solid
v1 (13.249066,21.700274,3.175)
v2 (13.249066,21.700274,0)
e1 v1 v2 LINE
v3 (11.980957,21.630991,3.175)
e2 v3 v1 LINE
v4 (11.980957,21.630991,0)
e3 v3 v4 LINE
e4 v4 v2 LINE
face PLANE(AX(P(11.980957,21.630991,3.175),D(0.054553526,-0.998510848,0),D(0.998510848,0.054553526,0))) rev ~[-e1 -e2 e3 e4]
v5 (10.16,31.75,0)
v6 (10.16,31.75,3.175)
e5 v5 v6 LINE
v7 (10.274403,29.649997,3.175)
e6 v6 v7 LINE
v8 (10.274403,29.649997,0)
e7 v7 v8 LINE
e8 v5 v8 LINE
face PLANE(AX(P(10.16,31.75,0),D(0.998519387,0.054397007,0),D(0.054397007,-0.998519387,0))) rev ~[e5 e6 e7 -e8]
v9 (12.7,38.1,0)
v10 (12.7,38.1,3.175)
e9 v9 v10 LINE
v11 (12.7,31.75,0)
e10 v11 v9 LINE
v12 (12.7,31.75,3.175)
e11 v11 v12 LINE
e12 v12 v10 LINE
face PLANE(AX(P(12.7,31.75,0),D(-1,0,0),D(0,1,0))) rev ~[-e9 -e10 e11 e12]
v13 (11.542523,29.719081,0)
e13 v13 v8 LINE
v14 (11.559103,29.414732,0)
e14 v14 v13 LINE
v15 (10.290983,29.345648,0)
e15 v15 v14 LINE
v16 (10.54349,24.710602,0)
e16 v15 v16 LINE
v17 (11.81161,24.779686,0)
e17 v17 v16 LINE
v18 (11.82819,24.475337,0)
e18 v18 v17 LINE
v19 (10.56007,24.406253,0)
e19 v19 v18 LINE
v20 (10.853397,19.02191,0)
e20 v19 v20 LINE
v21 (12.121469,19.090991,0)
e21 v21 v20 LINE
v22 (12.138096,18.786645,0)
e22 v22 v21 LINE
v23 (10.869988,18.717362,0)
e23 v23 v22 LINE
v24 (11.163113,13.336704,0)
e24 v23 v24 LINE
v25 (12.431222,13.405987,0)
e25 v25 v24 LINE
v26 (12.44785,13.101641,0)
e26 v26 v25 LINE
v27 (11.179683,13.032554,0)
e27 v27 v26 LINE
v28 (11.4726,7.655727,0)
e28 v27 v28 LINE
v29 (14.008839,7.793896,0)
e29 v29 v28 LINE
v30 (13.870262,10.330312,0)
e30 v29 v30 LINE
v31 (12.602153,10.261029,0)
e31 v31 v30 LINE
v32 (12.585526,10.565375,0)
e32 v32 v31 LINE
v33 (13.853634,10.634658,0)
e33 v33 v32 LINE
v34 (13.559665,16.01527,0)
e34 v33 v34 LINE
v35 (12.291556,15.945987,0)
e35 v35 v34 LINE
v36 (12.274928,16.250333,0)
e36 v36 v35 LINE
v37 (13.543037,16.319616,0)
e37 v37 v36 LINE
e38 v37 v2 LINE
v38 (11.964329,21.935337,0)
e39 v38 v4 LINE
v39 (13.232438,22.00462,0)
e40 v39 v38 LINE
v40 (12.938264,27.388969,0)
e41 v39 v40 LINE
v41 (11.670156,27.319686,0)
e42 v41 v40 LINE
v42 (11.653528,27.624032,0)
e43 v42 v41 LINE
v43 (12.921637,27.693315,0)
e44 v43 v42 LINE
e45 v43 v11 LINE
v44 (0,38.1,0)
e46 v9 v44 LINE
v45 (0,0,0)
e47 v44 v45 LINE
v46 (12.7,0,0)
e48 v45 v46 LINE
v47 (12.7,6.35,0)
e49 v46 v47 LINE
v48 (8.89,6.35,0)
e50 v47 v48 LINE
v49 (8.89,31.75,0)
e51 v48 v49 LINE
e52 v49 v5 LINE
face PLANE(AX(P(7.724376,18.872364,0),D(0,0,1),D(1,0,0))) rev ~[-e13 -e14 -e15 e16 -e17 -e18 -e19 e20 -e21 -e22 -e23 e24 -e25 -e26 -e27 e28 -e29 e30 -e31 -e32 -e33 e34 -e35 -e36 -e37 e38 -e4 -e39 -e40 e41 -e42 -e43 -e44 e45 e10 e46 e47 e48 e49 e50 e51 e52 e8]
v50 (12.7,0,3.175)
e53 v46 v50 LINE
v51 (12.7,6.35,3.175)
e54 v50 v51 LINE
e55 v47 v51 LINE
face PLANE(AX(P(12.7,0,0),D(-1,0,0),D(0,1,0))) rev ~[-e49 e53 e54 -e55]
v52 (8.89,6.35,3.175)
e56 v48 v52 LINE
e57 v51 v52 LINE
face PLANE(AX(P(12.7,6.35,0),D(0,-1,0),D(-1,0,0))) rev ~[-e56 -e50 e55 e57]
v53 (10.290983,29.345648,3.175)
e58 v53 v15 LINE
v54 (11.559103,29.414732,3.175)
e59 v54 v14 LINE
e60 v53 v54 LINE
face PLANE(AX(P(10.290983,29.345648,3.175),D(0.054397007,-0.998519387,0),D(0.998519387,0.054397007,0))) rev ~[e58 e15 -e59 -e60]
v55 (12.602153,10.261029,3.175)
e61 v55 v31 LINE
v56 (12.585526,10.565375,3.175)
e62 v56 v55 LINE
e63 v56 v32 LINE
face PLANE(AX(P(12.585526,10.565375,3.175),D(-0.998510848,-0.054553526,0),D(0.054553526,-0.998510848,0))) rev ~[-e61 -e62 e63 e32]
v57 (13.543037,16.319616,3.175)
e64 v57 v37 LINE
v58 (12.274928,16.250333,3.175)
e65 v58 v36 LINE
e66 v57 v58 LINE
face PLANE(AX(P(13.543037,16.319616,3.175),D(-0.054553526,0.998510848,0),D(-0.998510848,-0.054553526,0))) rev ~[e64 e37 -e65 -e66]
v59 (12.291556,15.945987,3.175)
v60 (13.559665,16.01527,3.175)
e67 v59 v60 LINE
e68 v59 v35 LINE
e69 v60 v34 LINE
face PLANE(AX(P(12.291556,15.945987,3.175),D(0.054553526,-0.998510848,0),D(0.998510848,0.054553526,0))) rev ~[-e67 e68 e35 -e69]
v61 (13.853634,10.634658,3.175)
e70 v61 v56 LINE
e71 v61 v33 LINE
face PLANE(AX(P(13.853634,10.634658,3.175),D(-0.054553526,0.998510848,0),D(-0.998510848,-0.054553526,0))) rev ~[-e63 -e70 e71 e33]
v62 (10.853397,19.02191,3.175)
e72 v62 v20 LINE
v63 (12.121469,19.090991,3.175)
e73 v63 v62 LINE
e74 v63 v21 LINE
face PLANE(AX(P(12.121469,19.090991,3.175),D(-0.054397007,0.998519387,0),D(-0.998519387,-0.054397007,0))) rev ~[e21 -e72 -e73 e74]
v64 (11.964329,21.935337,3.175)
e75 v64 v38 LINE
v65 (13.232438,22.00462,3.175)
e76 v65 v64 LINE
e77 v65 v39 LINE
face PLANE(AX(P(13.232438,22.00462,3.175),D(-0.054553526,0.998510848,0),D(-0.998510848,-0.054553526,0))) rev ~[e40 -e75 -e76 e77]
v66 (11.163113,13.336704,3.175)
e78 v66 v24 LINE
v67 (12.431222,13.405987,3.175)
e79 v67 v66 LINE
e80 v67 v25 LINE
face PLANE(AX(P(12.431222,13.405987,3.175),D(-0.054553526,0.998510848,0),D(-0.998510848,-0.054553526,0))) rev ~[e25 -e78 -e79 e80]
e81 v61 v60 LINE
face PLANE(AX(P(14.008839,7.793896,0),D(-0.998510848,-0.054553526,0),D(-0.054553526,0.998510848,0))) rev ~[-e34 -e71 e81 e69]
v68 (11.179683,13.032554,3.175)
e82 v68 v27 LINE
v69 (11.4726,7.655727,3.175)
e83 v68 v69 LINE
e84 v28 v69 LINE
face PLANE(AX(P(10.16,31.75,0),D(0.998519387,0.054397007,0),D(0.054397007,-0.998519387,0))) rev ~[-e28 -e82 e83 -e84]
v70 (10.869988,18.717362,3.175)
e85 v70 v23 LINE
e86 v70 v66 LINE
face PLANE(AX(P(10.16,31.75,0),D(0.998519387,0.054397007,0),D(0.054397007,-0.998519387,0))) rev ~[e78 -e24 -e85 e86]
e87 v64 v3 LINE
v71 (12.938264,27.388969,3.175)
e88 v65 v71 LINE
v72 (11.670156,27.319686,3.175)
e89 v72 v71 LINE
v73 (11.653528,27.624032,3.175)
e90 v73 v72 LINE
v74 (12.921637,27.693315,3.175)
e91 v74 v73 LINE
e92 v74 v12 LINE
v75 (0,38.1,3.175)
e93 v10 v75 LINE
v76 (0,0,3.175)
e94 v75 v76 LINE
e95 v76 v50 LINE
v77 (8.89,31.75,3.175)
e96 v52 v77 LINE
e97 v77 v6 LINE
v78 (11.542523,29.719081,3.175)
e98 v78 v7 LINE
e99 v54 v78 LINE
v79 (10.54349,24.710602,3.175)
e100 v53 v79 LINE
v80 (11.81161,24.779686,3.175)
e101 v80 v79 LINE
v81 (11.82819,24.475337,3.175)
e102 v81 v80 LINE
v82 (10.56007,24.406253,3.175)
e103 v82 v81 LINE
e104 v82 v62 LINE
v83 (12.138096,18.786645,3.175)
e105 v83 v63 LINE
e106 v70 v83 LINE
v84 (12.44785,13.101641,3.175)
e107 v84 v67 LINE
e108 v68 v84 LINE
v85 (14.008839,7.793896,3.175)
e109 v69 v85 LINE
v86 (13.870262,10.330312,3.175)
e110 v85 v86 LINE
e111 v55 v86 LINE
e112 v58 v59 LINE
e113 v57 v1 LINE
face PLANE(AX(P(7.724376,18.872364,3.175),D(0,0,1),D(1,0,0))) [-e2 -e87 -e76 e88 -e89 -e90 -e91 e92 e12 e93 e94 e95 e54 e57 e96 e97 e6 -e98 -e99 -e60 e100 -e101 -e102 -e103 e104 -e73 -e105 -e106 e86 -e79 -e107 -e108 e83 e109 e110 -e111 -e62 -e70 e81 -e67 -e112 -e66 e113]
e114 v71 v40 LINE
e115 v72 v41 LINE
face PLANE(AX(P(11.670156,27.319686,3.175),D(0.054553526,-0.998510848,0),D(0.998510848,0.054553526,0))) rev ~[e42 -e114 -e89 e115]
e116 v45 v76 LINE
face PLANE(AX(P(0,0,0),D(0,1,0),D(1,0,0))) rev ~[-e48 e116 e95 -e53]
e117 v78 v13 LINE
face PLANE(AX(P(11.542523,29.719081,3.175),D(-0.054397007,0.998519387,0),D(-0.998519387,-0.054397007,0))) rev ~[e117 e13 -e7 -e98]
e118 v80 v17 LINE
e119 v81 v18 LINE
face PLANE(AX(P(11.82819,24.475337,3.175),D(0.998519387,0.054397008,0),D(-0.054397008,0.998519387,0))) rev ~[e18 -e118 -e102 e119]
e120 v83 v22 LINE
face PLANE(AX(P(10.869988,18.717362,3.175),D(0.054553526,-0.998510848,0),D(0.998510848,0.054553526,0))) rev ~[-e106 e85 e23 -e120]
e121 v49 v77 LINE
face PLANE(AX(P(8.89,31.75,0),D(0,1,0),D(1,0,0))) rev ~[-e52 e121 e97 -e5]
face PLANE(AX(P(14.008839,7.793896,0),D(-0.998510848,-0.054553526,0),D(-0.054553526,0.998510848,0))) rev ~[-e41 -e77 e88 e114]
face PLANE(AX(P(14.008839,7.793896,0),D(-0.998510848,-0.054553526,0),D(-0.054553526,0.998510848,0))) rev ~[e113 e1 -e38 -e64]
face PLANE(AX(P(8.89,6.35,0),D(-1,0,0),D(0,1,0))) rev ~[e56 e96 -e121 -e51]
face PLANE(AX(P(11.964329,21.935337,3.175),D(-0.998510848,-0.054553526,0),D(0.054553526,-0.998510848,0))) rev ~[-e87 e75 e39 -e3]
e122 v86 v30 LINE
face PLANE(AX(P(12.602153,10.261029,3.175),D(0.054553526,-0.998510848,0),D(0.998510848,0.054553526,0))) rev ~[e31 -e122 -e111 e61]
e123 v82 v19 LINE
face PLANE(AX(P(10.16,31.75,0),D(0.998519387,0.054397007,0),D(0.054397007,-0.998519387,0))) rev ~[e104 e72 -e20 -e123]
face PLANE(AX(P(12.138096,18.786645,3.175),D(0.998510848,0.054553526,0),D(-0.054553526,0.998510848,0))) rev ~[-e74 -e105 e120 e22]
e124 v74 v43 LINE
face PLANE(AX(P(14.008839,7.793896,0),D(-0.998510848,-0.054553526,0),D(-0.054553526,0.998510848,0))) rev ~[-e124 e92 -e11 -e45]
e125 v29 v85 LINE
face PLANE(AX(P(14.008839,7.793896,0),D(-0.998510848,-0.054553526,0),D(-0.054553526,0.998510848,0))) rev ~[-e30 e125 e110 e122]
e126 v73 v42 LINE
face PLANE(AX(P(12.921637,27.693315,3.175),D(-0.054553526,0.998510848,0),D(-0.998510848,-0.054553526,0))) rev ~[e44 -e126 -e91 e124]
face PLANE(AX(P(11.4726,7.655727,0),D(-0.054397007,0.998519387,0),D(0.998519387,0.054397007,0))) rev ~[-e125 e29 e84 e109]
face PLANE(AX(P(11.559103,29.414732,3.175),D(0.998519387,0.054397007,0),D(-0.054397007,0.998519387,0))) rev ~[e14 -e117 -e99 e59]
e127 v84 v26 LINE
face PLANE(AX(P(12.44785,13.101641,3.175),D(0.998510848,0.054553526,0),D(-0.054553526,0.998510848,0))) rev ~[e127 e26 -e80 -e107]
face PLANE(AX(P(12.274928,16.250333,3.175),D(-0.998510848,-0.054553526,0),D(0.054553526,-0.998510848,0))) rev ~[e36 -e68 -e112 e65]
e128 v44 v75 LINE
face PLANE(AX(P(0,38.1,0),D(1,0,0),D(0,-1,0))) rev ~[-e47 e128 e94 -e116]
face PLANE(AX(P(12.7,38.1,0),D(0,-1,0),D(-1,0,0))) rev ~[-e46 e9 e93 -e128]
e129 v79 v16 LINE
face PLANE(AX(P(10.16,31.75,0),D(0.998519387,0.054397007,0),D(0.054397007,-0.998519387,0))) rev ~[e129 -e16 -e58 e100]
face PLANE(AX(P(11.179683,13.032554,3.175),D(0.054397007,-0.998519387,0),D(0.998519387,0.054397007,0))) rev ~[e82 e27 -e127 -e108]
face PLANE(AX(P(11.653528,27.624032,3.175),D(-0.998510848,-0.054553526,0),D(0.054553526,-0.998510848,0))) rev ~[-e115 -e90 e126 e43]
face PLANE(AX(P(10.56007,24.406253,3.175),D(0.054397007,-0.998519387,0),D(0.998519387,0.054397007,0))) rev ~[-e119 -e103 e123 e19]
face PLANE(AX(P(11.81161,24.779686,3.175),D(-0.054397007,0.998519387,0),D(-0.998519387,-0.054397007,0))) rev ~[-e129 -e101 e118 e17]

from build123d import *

# Parameters (mm, degrees)
F1_DEPTH = 3.175
F3_DEPTH = 3.176


with BuildPart() as f1:
    # F0 (on Top) → F1 (new body)
    with BuildSketch(Plane.XY):
        Polygon((0, 38.1), (0, 0), (12.7, 0), (12.7, 6.35), (10.16, 6.35), (8.89, 6.35), (8.89, 31.75), (10.16, 31.75), (11.4725997902, 7.6557271994), (14.0088390323, 7.7938955983), (12.7, 31.75), (12.7, 38.1), align=None)
    extrude(amount=F1_DEPTH)

    # F2 (on face) → F3 (cut, through all)
    with BuildSketch(Plane.XY.offset(3.175)):
        Polygon((12.6021534372, 10.2610289821), (13.8702622136, 10.3303119605), (13.8536342988, 10.6346580668), (12.5855255224, 10.5653750884), align=None)
        Polygon((11.1631134086, 13.3367042667), (11.1796827872, 13.0325543411), (12.4478500998, 13.1016411387), (12.431222185, 13.4059872451), align=None)
        Polygon((13.5596651672, 16.0152702235), (13.5430372523, 16.3196163298), (12.2749284759, 16.2503333514), (12.2915563907, 15.9459872451), align=None)
        Polygon((12.1214685819, 19.0909911518), (10.8533966835, 19.0219095522), (10.8699877202, 18.7173620671), (12.1380964967, 18.7866450455), align=None)
        Polygon((13.249065627, 21.7002741302), (13.2324377121, 22.0046202366), (11.9643289357, 21.9353372582), (11.9809568505, 21.6309911518), align=None)
        Polygon((11.8116096197, 24.7796859673), (10.5434899986, 24.7106017678), (10.5600702065, 24.4062530587), (11.8281898276, 24.4753372582), align=None)
        Polygon((11.6701556579, 27.3196859673), (12.9382644344, 27.3889689457), (12.9216365196, 27.693315052), (11.6535277431, 27.6240320736), align=None)
        Polygon((10.2744032886, 29.6499965832), (10.2909834965, 29.3456478741), (11.5591031175, 29.4147320736), (11.5425229097, 29.7190807827), align=None)
        Polygon((12.7241392034, 7.7239081478), (11.4725997902, 7.6557271994), (11.4725997902, 7.3504752393), (12.7407194113, 7.4195594387), align=None)
        Polygon((14.083071413, 6.4351963108), (14.0664434982, 6.7395424171), (12.7983347217, 6.6702594387), (12.8149626365, 6.3659133324), align=None)
    extrude(amount=-F3_DEPTH, mode=Mode.SUBTRACT)


solid = f1.part
